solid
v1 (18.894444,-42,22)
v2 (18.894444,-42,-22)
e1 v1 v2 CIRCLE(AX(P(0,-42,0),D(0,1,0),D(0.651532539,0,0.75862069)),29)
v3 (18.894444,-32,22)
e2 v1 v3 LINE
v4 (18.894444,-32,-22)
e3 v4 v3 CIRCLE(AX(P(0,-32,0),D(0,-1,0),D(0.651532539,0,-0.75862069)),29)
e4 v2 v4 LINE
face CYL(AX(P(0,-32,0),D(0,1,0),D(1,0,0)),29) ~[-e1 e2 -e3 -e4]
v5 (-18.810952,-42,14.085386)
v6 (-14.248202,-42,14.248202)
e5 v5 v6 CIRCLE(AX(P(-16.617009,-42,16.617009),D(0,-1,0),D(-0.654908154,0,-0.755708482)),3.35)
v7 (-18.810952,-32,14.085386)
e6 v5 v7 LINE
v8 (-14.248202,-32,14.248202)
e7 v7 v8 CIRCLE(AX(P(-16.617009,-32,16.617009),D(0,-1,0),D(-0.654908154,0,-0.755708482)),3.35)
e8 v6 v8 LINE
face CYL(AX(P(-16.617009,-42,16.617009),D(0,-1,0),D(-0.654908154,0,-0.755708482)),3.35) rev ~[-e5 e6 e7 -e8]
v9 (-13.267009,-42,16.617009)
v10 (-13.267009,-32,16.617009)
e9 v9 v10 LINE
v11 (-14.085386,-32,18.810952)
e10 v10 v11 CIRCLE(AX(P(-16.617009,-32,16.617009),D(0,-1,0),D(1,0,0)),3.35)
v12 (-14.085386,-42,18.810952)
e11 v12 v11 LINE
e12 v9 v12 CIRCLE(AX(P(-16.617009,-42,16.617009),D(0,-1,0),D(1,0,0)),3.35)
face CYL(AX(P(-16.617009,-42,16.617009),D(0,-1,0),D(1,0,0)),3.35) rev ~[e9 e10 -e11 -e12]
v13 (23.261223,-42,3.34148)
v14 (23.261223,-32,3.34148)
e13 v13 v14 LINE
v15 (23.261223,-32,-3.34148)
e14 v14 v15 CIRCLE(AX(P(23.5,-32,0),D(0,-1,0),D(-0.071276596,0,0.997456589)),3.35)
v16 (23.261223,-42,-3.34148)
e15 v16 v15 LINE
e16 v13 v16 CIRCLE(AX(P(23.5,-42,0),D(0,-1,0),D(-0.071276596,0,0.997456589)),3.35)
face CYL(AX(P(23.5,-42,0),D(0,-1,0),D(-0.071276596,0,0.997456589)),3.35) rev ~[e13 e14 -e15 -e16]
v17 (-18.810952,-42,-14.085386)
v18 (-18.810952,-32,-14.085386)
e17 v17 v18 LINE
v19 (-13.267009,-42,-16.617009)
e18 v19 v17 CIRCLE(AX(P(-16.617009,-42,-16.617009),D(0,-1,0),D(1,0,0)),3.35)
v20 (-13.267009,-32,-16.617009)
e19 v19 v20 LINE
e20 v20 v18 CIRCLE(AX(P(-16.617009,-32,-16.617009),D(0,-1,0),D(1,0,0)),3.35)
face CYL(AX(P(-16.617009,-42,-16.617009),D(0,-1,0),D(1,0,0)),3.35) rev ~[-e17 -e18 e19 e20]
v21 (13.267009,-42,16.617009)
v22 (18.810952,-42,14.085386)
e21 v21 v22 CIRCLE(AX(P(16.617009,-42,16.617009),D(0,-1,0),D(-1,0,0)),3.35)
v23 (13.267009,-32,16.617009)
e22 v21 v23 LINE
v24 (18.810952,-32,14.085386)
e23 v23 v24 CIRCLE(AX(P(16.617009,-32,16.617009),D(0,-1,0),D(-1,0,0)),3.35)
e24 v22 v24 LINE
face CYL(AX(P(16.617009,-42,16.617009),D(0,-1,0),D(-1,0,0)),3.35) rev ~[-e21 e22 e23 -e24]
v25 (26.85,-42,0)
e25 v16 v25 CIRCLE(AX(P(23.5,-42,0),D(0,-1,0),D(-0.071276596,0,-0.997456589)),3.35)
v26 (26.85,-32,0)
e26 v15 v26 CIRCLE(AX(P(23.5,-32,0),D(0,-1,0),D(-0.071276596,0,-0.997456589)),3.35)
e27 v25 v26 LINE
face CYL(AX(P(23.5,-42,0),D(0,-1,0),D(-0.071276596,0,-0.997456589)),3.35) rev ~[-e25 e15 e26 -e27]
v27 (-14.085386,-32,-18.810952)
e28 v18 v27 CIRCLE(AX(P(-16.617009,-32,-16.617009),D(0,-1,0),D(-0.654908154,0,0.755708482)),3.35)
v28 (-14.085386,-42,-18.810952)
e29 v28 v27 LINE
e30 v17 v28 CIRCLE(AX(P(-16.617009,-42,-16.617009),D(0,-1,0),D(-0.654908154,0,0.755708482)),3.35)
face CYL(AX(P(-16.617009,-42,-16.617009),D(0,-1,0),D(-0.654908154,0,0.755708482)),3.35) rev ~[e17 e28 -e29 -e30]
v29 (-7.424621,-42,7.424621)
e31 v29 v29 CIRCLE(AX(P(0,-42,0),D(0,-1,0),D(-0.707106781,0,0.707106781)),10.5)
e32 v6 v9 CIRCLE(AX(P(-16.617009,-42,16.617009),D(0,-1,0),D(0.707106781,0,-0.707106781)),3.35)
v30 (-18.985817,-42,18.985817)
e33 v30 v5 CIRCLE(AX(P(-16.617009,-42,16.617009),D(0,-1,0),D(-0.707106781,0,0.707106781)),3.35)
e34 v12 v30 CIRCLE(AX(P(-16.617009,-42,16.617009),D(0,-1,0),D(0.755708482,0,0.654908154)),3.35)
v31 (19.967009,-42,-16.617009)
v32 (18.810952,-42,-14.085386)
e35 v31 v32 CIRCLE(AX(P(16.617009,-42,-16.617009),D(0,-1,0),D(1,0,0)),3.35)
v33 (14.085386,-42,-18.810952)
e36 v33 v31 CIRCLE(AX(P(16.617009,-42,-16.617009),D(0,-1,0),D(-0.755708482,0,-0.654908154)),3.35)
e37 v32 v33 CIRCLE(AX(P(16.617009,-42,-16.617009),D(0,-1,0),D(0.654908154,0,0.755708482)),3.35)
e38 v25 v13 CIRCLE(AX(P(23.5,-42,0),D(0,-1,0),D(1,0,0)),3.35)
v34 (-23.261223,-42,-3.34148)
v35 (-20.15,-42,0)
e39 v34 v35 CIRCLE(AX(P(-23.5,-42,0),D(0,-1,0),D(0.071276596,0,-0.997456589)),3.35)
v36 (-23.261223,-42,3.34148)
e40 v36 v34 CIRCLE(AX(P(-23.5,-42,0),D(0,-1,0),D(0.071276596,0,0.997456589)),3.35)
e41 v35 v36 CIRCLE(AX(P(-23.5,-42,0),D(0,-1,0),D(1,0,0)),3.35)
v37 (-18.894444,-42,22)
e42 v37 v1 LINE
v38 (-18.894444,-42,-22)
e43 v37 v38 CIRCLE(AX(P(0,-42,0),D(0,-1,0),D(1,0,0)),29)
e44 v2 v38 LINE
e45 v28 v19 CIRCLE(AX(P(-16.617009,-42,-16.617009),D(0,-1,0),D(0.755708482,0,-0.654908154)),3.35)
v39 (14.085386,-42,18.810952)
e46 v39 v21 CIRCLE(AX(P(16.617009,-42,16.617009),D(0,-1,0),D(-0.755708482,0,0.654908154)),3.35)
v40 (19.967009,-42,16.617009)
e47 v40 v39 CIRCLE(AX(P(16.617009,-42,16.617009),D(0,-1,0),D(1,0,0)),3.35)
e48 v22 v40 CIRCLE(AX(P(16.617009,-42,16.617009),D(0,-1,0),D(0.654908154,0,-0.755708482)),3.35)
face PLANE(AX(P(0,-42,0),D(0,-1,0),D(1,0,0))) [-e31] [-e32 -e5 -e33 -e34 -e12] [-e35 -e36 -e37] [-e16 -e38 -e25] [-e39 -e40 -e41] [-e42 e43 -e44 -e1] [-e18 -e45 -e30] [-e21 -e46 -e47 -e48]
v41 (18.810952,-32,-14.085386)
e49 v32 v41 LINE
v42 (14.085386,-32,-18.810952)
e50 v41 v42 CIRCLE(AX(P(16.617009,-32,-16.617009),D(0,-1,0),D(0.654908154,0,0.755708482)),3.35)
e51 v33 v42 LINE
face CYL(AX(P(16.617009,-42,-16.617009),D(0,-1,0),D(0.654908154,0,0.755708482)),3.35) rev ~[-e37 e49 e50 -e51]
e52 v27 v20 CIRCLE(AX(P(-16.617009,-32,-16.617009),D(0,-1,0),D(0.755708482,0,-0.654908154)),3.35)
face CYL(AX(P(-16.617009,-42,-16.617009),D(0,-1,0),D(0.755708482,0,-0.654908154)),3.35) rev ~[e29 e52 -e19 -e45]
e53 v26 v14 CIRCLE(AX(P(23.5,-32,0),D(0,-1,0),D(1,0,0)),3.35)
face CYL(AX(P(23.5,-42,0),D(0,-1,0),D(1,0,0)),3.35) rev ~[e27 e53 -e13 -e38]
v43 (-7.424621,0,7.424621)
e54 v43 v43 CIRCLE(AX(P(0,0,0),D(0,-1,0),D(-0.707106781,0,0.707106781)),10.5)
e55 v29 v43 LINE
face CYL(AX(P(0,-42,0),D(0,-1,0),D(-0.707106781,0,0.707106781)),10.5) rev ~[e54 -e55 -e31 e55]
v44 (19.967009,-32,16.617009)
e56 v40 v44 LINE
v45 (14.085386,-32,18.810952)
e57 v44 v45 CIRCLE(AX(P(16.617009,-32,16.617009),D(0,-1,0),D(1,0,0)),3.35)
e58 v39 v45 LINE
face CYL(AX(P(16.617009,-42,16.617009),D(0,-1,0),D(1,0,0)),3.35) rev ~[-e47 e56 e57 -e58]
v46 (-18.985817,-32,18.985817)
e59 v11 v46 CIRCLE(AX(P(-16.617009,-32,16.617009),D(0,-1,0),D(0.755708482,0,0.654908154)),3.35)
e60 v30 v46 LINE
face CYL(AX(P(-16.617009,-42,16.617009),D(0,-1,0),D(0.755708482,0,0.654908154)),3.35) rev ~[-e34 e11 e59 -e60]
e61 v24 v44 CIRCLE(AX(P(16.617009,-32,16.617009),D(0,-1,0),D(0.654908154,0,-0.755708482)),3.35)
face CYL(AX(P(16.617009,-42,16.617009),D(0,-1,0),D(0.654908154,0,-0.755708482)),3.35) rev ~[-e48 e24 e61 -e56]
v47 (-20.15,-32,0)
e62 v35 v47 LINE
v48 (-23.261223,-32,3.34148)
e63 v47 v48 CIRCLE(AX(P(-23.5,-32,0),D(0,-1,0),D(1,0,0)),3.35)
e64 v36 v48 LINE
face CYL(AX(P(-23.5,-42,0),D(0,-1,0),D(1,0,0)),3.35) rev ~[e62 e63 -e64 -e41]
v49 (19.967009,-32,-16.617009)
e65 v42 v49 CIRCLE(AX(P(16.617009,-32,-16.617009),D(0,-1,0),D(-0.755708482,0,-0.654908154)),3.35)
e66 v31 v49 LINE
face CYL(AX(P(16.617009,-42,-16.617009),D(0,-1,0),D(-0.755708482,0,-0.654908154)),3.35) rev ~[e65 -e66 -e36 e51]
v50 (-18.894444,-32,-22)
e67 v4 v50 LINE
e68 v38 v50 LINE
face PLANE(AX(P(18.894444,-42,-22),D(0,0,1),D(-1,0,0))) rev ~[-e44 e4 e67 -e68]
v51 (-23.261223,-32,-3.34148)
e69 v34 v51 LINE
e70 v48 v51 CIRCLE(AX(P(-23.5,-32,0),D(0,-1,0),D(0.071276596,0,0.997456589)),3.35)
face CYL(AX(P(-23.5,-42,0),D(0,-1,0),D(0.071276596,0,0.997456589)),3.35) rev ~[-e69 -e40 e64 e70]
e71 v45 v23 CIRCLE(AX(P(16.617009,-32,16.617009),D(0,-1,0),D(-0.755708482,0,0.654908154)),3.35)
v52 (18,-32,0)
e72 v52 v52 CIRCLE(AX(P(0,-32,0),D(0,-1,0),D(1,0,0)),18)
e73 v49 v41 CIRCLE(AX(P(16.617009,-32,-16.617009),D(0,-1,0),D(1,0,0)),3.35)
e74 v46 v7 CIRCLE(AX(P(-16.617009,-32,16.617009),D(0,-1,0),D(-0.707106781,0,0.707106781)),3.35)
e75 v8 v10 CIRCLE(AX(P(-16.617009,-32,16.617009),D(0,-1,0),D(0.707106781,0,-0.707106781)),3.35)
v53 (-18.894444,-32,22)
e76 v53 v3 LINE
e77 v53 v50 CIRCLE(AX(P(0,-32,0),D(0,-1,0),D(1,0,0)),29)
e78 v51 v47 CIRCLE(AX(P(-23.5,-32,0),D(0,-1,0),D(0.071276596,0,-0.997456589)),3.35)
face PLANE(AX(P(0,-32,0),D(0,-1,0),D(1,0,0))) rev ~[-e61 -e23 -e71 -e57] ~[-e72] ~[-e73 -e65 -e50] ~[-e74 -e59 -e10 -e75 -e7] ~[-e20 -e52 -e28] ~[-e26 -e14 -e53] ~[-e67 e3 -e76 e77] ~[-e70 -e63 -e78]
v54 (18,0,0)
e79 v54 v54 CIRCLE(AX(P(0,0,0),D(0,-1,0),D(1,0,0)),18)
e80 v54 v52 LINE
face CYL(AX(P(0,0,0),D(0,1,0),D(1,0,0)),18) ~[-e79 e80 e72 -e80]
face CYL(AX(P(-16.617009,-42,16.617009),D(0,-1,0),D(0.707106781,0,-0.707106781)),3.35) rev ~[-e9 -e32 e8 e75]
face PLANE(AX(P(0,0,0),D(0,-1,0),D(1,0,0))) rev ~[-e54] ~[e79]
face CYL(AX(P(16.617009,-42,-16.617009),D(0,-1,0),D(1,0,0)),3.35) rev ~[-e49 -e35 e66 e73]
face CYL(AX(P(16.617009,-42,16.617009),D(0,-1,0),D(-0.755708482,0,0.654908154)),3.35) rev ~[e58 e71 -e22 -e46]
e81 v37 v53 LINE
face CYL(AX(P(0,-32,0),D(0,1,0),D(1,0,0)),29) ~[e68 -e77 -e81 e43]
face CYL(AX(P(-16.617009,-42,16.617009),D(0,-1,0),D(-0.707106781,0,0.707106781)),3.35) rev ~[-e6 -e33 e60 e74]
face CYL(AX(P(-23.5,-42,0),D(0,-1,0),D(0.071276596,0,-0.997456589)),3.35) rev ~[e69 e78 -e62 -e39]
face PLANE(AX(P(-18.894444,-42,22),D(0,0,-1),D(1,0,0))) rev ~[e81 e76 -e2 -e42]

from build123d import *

# Parameters (mm, degrees)
F0_R     = 18
F1_DEPTH = 32
F2_R     = 29
F3_DEPTH = 10
F5_DEPTH = 42


with BuildPart() as f1:
    # F0 (on Front) → F1 (new body)
    with BuildSketch(Plane.XZ):
        Circle(F0_R)
    extrude(amount=F1_DEPTH)

    # F2 (on face) → F3 (join)
    with BuildSketch(Plane.XZ.offset(32)):
        Circle(F2_R)
    extrude(amount=F3_DEPTH)

    # F4 (on face) → F5 (cut)
    with BuildSketch(Plane.XZ.offset(42)):
        with BuildLine():
            Line((0, 0), (-7.4246212025, 7.4246212025))
            ThreePointArc((-7.4246212025, 7.4246212025), (-9.7007350914, 4.0181760398), (-10.5, 0))
            Line((-10.5, 0), (0, 0))
        make_face()
        with BuildLine():
            ThreePointArc((-10.5, 0), (0, -10.5), (10.5, 0))
            ThreePointArc((10.5, 0), (4.0181760398, 9.7007350914), (-7.4246212025, 7.4246212025))
            Line((-7.4246212025, 7.4246212025), (0, 0))
            Line((0, 0), (-10.5, 0))
        make_face()
        with BuildLine():
            Line((-16.6170093579, 16.6170093579), (-14.2482016409, 14.2482016409))
            ThreePointArc((-14.2482016409, 14.2482016409), (-13.522012924, 15.3350198595), (-13.2670093579, 16.6170093579))
            Line((-13.2670093579, 16.6170093579), (-16.6170093579, 16.6170093579))
        make_face()
        with BuildLine():
            ThreePointArc((-18.8109516732, 14.0853859425), (-16.4975450742, 13.2691401423), (-14.2482016409, 14.2482016409))
            Line((-14.2482016409, 14.2482016409), (-16.6170093579, 16.6170093579))
            ThreePointArc((-16.6170093579, 16.6170093579), (-17.7591493316, 15.3903416147), (-18.8109516732, 14.0853859425))
        make_face()
        with BuildLine():
            ThreePointArc((-18.9858170749, 18.9858170749), (-19.9648785735, 16.4975450742), (-18.8109516732, 14.0853859425))
            ThreePointArc((-18.8109516732, 14.0853859425), (-17.7591493316, 15.3903416147), (-16.6170093579, 16.6170093579))
            Line((-16.6170093579, 16.6170093579), (-18.9858170749, 18.9858170749))
        make_face()
        with BuildLine():
            Line((-18.9858170749, 18.9858170749), (-16.6170093579, 16.6170093579))
            ThreePointArc((-16.6170093579, 16.6170093579), (-15.3903416147, 17.7591493316), (-14.0853859425, 18.8109516732))
            ThreePointArc((-14.0853859425, 18.8109516732), (-16.4975450742, 19.9648785735), (-18.9858170749, 18.9858170749))
        make_face()
        with BuildLine():
            ThreePointArc((-23.5, 0), (-23.440229841, 1.675), (-23.2612234043, 3.3414795731))
            ThreePointArc((-23.2612234043, 3.3414795731), (-26.85, 0), (-23.2612234043, -3.3414795731))
            ThreePointArc((-23.2612234043, -3.3414795731), (-23.440229841, -1.675), (-23.5, 0))
        make_face()
        with BuildLine():
            Line((-23.5, 0), (-20.15, 0))
            ThreePointArc((-20.15, 0), (-21.04822497, 2.2828270198), (-23.2612234043, 3.3414795731))
            ThreePointArc((-23.2612234043, 3.3414795731), (-23.440229841, 1.675), (-23.5, 0))
        make_face()
        with BuildLine():
            ThreePointArc((-23.2612234043, -3.3414795731), (-21.04822497, -2.2828270198), (-20.15, 0))
            Line((-20.15, 0), (-23.5, 0))
            ThreePointArc((-23.5, 0), (-23.440229841, -1.675), (-23.2612234043, -3.3414795731))
        make_face()
        with BuildLine():
            ThreePointArc((-14.0853859425, -18.8109516732), (-16.6170093579, -16.6170093579), (-18.8109516732, -14.0853859425))
            ThreePointArc((-18.8109516732, -14.0853859425), (-18.9858170749, -18.9858170749), (-14.0853859425, -18.8109516732))
        make_face()
        with BuildLine():
            ThreePointArc((-13.2670093579, -16.6170093579), (-15.2254646687, -13.5696985142), (-18.8109516732, -14.0853859425))
            ThreePointArc((-18.8109516732, -14.0853859425), (-16.6170093579, -16.6170093579), (-14.0853859425, -18.8109516732))
            ThreePointArc((-14.0853859425, -18.8109516732), (-13.4782645099, -17.7878128338), (-13.2670093579, -16.6170093579))
        make_face()
        with BuildLine():
            ThreePointArc((14.0853859425, -18.8109516732), (16.6170093579, -16.6170093579), (18.8109516732, -14.0853859425))
            ThreePointArc((18.8109516732, -14.0853859425), (14.2482016409, -14.2482016409), (14.0853859425, -18.8109516732))
        make_face()
        with BuildLine():
            ThreePointArc((19.9670093579, -16.6170093579), (19.6643202016, -15.2254646687), (18.8109516732, -14.0853859425))
            ThreePointArc((18.8109516732, -14.0853859425), (16.6170093579, -16.6170093579), (14.0853859425, -18.8109516732))
            ThreePointArc((14.0853859425, -18.8109516732), (17.7878128338, -19.7557542059), (19.9670093579, -16.6170093579))
        make_face()
        with BuildLine():
            ThreePointArc((23.5, 0), (23.440229841, 1.675), (23.2612234043, 3.3414795731))
            ThreePointArc((23.2612234043, 3.3414795731), (20.15, 0), (23.2612234043, -3.3414795731))
            ThreePointArc((23.2612234043, -3.3414795731), (23.440229841, -1.675), (23.5, 0))
        make_face()
        with BuildLine():
            ThreePointArc((26.85, 0), (25.7828270198, 2.45177503), (23.2612234043, 3.3414795731))
            ThreePointArc((23.2612234043, 3.3414795731), (23.440229841, 1.675), (23.5, 0))
            ThreePointArc((23.5, 0), (23.440229841, -1.675), (23.2612234043, -3.3414795731))
            ThreePointArc((23.2612234043, -3.3414795731), (25.7828270198, -2.45177503), (26.85, 0))
        make_face()
        with BuildLine():
            ThreePointArc((19.9670093579, 16.6170093579), (17.7878128338, 19.7557542059), (14.0853859425, 18.8109516732))
            ThreePointArc((14.0853859425, 18.8109516732), (15.3903416147, 17.7591493316), (16.6170093579, 16.6170093579))
            Line((16.6170093579, 16.6170093579), (19.9670093579, 16.6170093579))
        make_face()
        with BuildLine():
            ThreePointArc((16.6170093579, 16.6170093579), (17.7591493316, 15.3903416147), (18.8109516732, 14.0853859425))
            ThreePointArc((18.8109516732, 14.0853859425), (19.6643202016, 15.2254646687), (19.9670093579, 16.6170093579))
            Line((19.9670093579, 16.6170093579), (16.6170093579, 16.6170093579))
        make_face()
        with BuildLine():
            Line((16.6170093579, 16.6170093579), (13.2670093579, 16.6170093579))
            ThreePointArc((13.2670093579, 16.6170093579), (15.2254646687, 13.5696985142), (18.8109516732, 14.0853859425))
            ThreePointArc((18.8109516732, 14.0853859425), (17.7591493316, 15.3903416147), (16.6170093579, 16.6170093579))
        make_face()
        with BuildLine():
            ThreePointArc((14.0853859425, 18.8109516732), (13.4782645099, 17.7878128338), (13.2670093579, 16.6170093579))
            Line((13.2670093579, 16.6170093579), (16.6170093579, 16.6170093579))
            ThreePointArc((16.6170093579, 16.6170093579), (15.3903416147, 17.7591493316), (14.0853859425, 18.8109516732))
        make_face()
        with BuildLine():
            Line((-18.8944436277, 22), (-8.2613558209, 22))
            ThreePointArc((-8.2613558209, 22), (0, 23.5), (8.2613558209, 22))
            Line((8.2613558209, 22), (18.8944436277, 22))
            ThreePointArc((18.8944436277, 22), (0, 29), (-18.8944436277, 22))
        make_face()
        with BuildLine():
            ThreePointArc((8.2613558209, 22), (0, 23.5), (-8.2613558209, 22))
            Line((-8.2613558209, 22), (8.2613558209, 22))
        make_face()
        with BuildLine():
            Line((-8.2613558209, -22), (-18.8944436277, -22))
            ThreePointArc((-18.8944436277, -22), (0, -29), (18.8944436277, -22))
            Line((18.8944436277, -22), (8.2613558209, -22))
            ThreePointArc((8.2613558209, -22), (0, -23.5), (-8.2613558209, -22))
        make_face()
        with BuildLine():
            Line((8.2613558209, -22), (-8.2613558209, -22))
            ThreePointArc((-8.2613558209, -22), (0, -23.5), (8.2613558209, -22))
        make_face()
        with BuildLine():
            Line((-16.6170093579, 16.6170093579), (-13.2670093579, 16.6170093579))
            ThreePointArc((-13.2670093579, 16.6170093579), (-13.4782645099, 17.7878128338), (-14.0853859425, 18.8109516732))
            ThreePointArc((-14.0853859425, 18.8109516732), (-15.3903416147, 17.7591493316), (-16.6170093579, 16.6170093579))
        make_face()
    extrude(amount=-F5_DEPTH, mode=Mode.SUBTRACT)


solid = f1.part
